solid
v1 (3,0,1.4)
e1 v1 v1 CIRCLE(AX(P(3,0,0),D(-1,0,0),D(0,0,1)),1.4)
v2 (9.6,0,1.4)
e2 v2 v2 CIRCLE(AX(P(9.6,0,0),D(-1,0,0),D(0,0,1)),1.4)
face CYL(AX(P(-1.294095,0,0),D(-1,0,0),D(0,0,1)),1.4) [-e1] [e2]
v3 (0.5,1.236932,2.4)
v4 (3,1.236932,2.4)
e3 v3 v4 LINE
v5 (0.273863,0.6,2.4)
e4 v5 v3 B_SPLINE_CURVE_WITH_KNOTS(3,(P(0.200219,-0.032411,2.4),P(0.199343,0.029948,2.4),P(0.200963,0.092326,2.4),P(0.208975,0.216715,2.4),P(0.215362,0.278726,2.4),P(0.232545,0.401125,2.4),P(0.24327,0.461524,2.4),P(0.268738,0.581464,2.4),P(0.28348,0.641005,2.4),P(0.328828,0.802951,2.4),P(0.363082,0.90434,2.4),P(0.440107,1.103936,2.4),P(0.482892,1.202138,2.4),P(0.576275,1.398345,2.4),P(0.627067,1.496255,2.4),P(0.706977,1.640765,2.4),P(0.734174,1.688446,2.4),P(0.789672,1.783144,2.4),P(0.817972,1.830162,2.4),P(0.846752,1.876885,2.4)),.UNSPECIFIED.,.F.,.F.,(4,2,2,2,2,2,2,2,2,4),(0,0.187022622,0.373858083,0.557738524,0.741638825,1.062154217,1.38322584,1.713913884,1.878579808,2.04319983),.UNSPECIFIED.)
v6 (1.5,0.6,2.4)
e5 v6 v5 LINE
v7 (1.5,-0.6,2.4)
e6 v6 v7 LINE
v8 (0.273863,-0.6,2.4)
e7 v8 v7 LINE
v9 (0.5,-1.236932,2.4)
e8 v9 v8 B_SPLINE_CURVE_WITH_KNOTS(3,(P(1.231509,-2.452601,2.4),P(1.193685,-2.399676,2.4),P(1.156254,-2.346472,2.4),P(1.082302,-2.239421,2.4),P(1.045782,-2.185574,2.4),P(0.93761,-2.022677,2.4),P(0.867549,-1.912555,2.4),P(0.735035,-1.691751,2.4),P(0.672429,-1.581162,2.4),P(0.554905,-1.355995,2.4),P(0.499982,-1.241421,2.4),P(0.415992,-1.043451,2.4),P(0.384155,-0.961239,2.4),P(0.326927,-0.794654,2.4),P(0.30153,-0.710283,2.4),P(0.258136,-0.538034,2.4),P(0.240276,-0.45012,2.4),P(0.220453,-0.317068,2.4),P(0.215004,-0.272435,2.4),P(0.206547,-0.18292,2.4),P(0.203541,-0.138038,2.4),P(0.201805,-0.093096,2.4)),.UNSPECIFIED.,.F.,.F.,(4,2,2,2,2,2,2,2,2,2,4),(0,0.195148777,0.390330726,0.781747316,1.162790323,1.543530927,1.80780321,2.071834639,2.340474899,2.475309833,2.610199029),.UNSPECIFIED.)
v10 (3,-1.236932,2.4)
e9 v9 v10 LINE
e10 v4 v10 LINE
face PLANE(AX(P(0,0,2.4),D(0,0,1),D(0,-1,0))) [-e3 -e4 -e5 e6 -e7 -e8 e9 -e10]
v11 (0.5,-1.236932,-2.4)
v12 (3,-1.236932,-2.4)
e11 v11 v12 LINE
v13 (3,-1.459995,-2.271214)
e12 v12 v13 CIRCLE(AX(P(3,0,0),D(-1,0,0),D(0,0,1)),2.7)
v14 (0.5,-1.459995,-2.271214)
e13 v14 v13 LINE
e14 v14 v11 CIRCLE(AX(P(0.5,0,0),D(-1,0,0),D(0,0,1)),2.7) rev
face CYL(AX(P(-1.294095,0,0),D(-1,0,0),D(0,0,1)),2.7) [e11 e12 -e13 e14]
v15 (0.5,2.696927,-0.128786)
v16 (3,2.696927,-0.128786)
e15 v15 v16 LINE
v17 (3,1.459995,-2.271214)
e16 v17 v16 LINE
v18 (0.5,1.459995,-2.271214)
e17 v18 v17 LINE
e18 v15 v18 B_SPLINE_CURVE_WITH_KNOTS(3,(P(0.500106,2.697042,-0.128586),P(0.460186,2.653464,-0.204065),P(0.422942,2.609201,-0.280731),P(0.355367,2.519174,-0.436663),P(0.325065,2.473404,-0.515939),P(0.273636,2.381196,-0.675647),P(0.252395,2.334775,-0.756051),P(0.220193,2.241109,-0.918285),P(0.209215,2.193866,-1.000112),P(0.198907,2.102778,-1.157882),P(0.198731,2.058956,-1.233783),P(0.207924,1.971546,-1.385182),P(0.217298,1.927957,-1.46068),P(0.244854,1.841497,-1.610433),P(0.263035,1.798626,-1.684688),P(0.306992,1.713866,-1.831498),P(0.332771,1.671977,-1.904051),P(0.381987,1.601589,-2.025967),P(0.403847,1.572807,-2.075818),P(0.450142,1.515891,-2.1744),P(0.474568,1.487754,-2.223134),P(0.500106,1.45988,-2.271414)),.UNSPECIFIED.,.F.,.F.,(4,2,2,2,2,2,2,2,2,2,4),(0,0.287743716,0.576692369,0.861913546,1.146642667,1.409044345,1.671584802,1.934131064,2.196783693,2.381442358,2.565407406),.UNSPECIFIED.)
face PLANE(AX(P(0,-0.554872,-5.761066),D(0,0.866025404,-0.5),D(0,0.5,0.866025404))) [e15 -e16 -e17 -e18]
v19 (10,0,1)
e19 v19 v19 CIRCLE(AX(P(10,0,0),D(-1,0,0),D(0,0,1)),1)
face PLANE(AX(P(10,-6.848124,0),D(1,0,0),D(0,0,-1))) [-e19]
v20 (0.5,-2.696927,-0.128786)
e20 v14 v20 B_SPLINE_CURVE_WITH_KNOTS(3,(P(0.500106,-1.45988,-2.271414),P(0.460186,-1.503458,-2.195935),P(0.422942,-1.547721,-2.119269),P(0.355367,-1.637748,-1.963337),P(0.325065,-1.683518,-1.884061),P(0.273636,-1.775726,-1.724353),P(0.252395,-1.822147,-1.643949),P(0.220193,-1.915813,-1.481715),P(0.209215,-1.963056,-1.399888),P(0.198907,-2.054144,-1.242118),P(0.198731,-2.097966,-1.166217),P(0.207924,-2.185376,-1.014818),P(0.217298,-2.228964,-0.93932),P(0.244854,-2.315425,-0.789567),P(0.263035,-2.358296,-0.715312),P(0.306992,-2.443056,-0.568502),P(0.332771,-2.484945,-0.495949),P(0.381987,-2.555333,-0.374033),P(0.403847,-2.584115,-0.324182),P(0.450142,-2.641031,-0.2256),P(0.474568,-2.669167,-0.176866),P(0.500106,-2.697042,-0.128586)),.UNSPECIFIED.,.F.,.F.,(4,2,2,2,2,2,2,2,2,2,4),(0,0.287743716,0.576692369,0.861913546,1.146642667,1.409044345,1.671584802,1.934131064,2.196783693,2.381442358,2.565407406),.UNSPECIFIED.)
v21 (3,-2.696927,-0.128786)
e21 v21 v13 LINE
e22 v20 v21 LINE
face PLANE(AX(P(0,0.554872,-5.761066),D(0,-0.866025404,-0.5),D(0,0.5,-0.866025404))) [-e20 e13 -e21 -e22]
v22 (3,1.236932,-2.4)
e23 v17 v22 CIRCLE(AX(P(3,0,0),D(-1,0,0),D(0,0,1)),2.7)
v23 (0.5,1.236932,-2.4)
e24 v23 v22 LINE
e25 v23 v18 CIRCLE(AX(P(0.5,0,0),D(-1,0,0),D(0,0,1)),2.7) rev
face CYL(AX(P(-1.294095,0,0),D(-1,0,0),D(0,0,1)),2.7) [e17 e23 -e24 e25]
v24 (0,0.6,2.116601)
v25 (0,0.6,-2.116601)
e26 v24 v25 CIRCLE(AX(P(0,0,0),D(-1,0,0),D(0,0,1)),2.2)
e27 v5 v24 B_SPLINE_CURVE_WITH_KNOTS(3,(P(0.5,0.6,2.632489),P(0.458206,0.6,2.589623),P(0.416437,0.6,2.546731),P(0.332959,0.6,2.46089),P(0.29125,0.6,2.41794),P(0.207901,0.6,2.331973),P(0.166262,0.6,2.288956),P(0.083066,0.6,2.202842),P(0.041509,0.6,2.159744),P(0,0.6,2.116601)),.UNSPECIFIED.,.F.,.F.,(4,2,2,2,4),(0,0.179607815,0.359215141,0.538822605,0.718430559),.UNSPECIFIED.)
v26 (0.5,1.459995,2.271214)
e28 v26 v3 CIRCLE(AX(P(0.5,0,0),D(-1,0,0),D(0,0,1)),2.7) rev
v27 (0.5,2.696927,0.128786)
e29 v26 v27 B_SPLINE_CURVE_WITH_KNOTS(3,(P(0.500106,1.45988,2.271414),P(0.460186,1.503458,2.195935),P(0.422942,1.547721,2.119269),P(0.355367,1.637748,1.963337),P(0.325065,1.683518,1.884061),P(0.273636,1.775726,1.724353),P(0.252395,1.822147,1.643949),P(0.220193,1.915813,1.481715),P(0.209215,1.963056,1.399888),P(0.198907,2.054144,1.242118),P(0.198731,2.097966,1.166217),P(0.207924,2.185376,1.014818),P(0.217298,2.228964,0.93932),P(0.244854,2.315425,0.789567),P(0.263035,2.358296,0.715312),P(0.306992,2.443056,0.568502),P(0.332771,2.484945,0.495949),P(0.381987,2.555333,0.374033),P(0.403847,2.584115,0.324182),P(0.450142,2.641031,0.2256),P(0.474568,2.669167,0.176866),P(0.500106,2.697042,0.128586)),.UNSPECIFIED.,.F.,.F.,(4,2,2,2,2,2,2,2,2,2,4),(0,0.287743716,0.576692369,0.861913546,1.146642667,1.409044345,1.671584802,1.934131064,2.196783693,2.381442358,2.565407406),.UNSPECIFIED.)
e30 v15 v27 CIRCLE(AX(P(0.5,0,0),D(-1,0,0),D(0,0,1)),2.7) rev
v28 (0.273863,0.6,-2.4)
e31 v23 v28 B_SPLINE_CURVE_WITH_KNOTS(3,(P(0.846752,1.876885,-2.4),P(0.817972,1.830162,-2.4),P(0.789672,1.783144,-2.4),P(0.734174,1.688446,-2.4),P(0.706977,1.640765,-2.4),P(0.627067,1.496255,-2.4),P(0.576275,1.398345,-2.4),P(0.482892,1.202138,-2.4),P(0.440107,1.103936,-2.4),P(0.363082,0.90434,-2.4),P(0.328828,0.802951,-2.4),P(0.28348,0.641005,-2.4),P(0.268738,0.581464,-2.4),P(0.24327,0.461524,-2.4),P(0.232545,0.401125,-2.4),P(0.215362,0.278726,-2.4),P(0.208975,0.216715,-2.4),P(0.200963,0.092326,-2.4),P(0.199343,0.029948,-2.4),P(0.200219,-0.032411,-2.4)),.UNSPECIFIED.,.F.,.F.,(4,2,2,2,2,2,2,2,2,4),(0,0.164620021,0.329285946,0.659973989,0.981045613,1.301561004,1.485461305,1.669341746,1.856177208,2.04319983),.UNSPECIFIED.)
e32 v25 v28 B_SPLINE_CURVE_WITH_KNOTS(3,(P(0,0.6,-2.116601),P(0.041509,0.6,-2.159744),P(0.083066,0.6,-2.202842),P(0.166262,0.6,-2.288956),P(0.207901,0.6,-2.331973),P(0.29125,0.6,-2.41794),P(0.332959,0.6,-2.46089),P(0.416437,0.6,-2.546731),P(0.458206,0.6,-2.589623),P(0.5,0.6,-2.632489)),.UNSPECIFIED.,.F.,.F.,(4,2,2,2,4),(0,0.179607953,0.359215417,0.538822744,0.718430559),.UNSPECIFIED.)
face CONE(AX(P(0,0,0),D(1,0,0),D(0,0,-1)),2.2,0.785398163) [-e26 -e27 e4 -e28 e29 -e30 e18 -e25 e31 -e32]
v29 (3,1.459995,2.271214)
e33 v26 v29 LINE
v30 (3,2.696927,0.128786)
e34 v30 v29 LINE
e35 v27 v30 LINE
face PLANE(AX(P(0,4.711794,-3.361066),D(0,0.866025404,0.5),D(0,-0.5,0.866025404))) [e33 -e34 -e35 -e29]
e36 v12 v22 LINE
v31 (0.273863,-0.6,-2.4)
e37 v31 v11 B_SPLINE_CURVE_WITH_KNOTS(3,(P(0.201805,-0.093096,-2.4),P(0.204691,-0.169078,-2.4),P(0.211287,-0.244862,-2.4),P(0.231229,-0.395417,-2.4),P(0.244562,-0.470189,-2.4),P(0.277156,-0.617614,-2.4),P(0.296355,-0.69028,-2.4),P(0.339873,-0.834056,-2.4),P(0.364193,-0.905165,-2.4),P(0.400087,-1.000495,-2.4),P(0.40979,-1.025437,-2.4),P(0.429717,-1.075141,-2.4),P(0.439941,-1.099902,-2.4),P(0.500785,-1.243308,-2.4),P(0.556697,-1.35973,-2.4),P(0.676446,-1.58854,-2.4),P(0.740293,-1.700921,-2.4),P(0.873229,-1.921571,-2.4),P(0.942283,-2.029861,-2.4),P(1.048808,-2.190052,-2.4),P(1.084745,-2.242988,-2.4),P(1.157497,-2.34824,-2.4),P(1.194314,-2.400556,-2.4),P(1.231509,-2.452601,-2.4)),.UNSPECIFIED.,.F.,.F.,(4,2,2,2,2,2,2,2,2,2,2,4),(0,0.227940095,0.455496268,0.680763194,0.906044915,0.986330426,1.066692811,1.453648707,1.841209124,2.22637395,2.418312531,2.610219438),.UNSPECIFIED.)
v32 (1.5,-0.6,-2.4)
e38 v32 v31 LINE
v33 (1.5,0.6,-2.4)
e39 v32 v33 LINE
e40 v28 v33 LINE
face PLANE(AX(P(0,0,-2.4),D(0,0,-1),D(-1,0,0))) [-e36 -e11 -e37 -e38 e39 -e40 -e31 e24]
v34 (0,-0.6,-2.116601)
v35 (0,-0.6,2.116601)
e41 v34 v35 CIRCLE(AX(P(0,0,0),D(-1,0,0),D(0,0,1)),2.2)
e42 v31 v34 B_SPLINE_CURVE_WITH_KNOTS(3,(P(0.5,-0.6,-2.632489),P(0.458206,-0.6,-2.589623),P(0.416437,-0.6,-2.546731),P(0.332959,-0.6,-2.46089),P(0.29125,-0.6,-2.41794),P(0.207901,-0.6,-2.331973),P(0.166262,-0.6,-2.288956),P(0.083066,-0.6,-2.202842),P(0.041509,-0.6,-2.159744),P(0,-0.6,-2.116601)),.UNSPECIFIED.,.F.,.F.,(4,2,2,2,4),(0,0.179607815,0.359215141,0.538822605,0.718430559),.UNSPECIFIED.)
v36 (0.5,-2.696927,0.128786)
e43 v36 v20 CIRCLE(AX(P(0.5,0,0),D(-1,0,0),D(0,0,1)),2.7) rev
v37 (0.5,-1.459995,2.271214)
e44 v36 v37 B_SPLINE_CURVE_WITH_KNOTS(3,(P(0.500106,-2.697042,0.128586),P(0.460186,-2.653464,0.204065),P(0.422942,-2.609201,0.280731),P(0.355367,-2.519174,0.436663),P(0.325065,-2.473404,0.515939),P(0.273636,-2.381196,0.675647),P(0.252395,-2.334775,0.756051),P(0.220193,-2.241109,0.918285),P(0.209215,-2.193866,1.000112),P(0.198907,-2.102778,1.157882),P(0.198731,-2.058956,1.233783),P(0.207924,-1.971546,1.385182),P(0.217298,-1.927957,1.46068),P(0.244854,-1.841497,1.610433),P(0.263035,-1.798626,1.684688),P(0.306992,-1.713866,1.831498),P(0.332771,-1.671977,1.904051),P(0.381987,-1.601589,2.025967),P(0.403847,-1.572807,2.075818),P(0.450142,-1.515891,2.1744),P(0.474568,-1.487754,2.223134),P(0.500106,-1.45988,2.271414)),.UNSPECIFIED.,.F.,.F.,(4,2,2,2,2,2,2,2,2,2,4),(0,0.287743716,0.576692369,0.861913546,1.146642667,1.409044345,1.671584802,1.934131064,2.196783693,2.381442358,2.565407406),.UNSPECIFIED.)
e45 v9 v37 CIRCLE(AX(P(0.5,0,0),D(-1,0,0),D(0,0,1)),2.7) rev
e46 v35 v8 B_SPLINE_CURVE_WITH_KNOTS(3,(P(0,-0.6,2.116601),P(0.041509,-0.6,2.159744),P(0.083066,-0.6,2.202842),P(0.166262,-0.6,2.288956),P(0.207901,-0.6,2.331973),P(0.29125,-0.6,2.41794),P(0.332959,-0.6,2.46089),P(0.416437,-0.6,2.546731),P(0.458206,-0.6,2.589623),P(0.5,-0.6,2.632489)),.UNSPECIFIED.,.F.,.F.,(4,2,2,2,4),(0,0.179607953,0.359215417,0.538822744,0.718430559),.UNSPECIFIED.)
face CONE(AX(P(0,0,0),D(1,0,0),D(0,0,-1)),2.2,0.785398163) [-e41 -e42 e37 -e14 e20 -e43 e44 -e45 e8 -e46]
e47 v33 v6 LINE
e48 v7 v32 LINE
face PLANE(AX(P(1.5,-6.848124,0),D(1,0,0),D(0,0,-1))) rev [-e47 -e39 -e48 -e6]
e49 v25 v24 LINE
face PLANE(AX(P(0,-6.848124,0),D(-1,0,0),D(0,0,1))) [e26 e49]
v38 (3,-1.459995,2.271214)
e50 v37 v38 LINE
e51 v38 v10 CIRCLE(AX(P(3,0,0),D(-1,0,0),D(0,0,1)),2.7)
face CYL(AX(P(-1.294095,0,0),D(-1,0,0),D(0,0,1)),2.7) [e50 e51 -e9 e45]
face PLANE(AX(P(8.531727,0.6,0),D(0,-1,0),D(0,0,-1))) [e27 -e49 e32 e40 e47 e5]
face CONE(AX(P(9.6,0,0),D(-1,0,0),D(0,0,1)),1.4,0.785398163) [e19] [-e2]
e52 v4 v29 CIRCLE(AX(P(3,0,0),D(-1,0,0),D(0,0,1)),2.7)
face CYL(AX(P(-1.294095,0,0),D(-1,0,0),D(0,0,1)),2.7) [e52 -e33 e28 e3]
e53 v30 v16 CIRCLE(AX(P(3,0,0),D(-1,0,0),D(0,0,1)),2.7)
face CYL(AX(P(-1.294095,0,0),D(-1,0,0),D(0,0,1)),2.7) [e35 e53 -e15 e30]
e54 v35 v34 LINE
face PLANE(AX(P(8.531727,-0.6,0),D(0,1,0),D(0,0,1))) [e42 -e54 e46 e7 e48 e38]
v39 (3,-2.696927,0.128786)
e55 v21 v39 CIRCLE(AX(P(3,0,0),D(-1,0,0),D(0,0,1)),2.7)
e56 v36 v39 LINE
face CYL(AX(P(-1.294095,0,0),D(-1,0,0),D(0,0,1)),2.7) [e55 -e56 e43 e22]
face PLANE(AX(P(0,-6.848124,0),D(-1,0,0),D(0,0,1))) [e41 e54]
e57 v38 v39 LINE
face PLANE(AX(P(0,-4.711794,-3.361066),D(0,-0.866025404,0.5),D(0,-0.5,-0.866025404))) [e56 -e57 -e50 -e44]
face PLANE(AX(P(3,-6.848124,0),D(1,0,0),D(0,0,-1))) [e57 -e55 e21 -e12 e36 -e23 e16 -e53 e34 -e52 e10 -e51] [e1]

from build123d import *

# Parameters (mm, degrees)
CUT_EXTRUDE_2_DEPTH = 1.5
CHAMFER_1_SIZE      = 0.5
CUT_EXTRUDE_3_DEPTH = 4


with BuildPart() as part:
    # Эскиз1 → Повернуть1 (revolve)
    with BuildSketch(Plane.XY):
        Polygon((0, 0), (0, 2.7), (3, 2.7), (3, 1.4), (9.6, 1.4), (10, 1), (10, 0), align=None)
    revolve(axis=Axis((-1.2940953, 0, 0), (1, 0, 0)))

    # Эскиз2 → Вырез-Вытянуть2 (cut)
    with BuildSketch(Plane.ZY):
        with BuildLine():
            Line((2.632489316, 0.6), (-2.632489316, 0.6))
            ThreePointArc((-2.632489316, 0.6), (-2.7, 0), (-2.632489316, -0.6))
            Line((-2.632489316, -0.6), (2.632489316, -0.6))
            ThreePointArc((2.632489316, -0.6), (2.683069246, -0.301893066), (2.7, 0))
            ThreePointArc((2.7, 0), (2.683069246, 0.301893066), (2.632489316, 0.6))
        make_face()
    extrude(amount=-CUT_EXTRUDE_2_DEPTH, mode=Mode.SUBTRACT)

    # Фаска1
    chamfer_1_edges = [part.edges().sort_by_distance(p)[0] for p in [
        (0, -2.7, 0),
        (0, 2.110687092, 1.683745824),
    ]]
    chamfer(chamfer_1_edges, length=CHAMFER_1_SIZE)

    # Эскиз4 → Вырез-Вытянуть3 (cut, through all)
    with BuildSketch(Plane(origin=(3, 0, 0), x_dir=(0, 0, -1), z_dir=(1, 0, 0))):
        with BuildLine():
            ThreePointArc((2.271214264, 1.459995125), (1.35, 2.33826859), (0.128785736, 2.696926813))
            Line((0.128785736, 2.696926813), (2.271214264, 1.459995125))
        make_face()
        with BuildLine():
            Line((-2.271214264, 1.459995125), (-0.128785736, 2.696926813))
            ThreePointArc((-0.128785736, 2.696926813), (-1.35, 2.33826859), (-2.271214264, 1.459995125))
        make_face()
        with BuildLine():
            Line((-2.4, -1.236931688), (-2.4, 1.236931688))
            ThreePointArc((-2.4, 1.236931688), (-2.7, 0), (-2.4, -1.236931688))
        make_face()
        with BuildLine():
            Line((-0.128785736, -2.696926813), (-2.271214264, -1.459995125))
            ThreePointArc((-2.271214264, -1.459995125), (-1.35, -2.33826859), (-0.128785736, -2.696926813))
        make_face()
        with BuildLine():
            ThreePointArc((0.128785736, -2.696926813), (1.35, -2.33826859), (2.271214264, -1.459995125))
            Line((2.271214264, -1.459995125), (0.128785736, -2.696926813))
        make_face()
        with BuildLine():
            ThreePointArc((2.7, 0), (2.623928353, 0.636396103), (2.4, 1.236931688))
            Line((2.4, 1.236931688), (2.4, -1.236931688))
            ThreePointArc((2.4, -1.236931688), (2.623928353, -0.636396103), (2.7, 0))
        make_face()
    extrude(amount=-CUT_EXTRUDE_3_DEPTH, mode=Mode.SUBTRACT)


solid = part.part
